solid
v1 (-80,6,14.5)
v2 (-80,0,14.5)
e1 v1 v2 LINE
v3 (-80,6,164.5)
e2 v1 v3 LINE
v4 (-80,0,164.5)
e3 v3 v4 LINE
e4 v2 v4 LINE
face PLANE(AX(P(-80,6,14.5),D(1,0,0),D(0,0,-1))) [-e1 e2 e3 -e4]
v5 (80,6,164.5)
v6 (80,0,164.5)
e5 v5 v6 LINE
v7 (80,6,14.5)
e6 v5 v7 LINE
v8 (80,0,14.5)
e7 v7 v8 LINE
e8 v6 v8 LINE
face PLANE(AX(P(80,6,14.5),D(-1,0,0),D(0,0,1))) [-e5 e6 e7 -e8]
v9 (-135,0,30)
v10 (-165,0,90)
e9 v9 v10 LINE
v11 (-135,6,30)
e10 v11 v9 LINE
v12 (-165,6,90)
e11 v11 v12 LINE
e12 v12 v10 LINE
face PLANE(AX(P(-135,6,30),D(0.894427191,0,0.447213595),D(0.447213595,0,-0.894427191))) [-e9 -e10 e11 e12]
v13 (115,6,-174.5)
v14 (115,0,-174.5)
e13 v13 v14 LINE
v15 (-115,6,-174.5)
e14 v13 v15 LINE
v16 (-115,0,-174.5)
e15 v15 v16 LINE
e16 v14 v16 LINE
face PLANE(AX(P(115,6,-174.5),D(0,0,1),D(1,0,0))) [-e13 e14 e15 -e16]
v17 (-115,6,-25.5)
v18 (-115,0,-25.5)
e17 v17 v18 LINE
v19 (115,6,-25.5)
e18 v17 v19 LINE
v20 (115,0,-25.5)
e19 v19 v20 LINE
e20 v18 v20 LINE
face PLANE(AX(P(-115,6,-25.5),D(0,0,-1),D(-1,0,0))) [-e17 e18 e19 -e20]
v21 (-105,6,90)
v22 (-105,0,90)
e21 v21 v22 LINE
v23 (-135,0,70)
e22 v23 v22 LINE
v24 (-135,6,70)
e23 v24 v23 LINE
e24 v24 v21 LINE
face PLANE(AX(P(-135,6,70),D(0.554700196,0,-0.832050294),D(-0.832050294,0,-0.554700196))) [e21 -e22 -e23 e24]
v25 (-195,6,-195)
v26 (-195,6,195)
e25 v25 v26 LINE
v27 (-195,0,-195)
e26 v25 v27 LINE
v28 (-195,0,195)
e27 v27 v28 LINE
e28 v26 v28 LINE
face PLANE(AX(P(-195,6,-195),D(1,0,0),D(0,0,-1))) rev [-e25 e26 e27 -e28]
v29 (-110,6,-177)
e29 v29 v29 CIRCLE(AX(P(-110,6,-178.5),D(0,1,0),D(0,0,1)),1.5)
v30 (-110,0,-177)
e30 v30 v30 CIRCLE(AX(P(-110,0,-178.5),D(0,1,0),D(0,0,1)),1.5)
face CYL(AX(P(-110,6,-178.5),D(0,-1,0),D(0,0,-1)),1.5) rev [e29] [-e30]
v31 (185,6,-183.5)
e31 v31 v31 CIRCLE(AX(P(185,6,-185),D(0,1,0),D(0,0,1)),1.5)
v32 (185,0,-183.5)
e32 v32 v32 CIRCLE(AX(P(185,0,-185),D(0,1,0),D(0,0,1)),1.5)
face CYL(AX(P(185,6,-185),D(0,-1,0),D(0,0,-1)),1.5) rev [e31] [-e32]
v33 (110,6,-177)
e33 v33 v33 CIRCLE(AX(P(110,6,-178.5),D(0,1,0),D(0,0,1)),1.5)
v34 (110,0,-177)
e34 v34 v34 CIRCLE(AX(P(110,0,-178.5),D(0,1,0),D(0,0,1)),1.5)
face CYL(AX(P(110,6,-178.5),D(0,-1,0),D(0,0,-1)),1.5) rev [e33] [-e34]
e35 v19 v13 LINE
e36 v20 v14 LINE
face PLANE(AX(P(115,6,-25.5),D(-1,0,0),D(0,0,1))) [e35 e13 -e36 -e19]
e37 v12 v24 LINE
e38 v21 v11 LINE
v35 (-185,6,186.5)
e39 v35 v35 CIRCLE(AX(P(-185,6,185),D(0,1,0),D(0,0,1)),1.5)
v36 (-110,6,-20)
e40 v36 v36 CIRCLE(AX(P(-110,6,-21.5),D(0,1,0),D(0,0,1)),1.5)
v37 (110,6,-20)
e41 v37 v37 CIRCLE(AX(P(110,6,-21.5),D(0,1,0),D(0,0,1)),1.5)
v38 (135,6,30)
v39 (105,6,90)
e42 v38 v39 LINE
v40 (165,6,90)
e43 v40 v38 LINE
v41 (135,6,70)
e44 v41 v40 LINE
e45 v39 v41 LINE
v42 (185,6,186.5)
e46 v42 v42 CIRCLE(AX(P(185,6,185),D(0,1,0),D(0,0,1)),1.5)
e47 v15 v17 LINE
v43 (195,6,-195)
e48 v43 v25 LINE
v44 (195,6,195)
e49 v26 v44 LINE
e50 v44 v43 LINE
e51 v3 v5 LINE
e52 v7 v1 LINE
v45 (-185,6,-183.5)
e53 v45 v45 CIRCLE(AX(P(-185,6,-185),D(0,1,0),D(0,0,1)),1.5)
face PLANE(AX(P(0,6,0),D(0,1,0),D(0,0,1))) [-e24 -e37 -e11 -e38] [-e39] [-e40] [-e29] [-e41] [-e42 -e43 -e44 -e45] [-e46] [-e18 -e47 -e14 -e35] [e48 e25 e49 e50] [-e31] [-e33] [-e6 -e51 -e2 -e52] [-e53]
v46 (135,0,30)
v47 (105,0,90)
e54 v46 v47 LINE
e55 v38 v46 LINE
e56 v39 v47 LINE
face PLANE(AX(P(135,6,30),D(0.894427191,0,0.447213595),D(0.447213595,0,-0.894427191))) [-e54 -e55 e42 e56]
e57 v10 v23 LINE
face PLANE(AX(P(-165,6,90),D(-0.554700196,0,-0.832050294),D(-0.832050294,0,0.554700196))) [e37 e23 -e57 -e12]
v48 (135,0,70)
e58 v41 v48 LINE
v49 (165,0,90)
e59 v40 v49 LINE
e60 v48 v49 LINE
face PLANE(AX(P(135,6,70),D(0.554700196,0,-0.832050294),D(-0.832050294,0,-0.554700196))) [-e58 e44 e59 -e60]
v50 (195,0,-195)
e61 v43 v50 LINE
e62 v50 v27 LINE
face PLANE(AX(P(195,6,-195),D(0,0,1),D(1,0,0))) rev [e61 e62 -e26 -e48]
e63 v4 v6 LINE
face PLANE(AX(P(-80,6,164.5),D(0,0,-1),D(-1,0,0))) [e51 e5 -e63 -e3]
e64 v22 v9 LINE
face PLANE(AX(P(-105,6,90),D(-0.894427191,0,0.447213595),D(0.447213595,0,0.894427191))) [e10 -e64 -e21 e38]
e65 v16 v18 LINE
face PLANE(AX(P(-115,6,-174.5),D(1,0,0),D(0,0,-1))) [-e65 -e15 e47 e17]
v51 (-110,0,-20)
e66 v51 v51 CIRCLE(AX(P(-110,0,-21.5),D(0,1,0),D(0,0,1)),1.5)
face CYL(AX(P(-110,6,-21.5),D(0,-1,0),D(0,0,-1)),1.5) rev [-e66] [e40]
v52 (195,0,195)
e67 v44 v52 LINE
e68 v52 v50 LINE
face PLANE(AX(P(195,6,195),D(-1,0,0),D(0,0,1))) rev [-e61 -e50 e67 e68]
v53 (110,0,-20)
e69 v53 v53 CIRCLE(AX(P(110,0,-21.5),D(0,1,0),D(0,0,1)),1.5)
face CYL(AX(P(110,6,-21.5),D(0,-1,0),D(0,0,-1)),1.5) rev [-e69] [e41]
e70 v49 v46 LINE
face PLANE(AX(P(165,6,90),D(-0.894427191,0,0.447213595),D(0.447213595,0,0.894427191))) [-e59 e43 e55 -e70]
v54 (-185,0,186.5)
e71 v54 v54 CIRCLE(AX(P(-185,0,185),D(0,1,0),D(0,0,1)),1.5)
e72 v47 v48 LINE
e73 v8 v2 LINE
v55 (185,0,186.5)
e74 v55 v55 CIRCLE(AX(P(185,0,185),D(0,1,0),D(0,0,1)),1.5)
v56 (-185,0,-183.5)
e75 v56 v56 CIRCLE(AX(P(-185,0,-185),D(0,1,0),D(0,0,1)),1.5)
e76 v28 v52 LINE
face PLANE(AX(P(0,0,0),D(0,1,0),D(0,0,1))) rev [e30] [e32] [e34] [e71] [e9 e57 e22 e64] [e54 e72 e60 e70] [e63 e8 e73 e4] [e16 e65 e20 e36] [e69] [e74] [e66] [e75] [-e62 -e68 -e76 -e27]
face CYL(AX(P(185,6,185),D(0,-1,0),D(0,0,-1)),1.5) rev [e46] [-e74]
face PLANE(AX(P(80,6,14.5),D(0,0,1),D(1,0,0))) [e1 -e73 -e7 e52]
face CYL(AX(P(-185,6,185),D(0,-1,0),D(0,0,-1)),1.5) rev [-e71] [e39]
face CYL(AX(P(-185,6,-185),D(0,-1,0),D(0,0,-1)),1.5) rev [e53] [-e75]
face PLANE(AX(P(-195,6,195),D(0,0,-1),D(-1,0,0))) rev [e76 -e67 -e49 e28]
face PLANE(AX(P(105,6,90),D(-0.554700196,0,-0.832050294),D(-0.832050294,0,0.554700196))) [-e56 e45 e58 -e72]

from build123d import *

# Parameters (mm, degrees)
SKETCH_2_W      = 390
SKETCH_2_H      = 390
SKETCH_2_R      = 1.5
SKETCH_2_W_2    = 230
SKETCH_2_H_2    = 149
SKETCH_2_W_3    = 160
SKETCH_2_H_3    = 150
EXTRUDE_1_DEPTH = 6


with BuildPart() as part:
    # 草图2 → 凸台-拉伸1 (new body)
    with BuildSketch(Plane(origin=(0, 0, 0), x_dir=(1, 0, 0), z_dir=(0, 1, 0))):
        Rectangle(SKETCH_2_W, SKETCH_2_H)
        with Locations(Location((185, -185, 0), (0, 0, 270))):
            Circle(SKETCH_2_R, mode=Mode.SUBTRACT)
        with Locations(Location((-185, 185, 0), (0, 0, 270))):
            Circle(SKETCH_2_R, mode=Mode.SUBTRACT)
        with Locations(Location((110, 21.5, 0), (0, 0, 270))):
            Circle(SKETCH_2_R, mode=Mode.SUBTRACT)
        with Locations(Location((-110, 178.5, 0), (0, 0, 270))):
            Circle(SKETCH_2_R, mode=Mode.SUBTRACT)
        with Locations(Location((-110, 21.5, 0), (0, 0, 270))):
            Circle(SKETCH_2_R, mode=Mode.SUBTRACT)
        with Locations(Location((110, 178.5, 0), (0, 0, 270))):
            Circle(SKETCH_2_R, mode=Mode.SUBTRACT)
        with Locations(Location((-185, -185, 0), (0, 0, 270))):
            Circle(SKETCH_2_R, mode=Mode.SUBTRACT)
        with Locations(Location((185, 185, 0), (0, 0, 270))):
            Circle(SKETCH_2_R, mode=Mode.SUBTRACT)
        with Locations((0, 100)):
            Rectangle(SKETCH_2_W_2, SKETCH_2_H_2, mode=Mode.SUBTRACT)
        with Locations((0, -89.5)):
            Rectangle(SKETCH_2_W_3, SKETCH_2_H_3, mode=Mode.SUBTRACT)
        Polygon((-135, -70), (-105, -90), (-135, -30), (-165, -90), align=None, mode=Mode.SUBTRACT)
        Polygon((135, -70), (165, -90), (135, -30), (105, -90), align=None, mode=Mode.SUBTRACT)
    extrude(amount=EXTRUDE_1_DEPTH)


solid = part.part
